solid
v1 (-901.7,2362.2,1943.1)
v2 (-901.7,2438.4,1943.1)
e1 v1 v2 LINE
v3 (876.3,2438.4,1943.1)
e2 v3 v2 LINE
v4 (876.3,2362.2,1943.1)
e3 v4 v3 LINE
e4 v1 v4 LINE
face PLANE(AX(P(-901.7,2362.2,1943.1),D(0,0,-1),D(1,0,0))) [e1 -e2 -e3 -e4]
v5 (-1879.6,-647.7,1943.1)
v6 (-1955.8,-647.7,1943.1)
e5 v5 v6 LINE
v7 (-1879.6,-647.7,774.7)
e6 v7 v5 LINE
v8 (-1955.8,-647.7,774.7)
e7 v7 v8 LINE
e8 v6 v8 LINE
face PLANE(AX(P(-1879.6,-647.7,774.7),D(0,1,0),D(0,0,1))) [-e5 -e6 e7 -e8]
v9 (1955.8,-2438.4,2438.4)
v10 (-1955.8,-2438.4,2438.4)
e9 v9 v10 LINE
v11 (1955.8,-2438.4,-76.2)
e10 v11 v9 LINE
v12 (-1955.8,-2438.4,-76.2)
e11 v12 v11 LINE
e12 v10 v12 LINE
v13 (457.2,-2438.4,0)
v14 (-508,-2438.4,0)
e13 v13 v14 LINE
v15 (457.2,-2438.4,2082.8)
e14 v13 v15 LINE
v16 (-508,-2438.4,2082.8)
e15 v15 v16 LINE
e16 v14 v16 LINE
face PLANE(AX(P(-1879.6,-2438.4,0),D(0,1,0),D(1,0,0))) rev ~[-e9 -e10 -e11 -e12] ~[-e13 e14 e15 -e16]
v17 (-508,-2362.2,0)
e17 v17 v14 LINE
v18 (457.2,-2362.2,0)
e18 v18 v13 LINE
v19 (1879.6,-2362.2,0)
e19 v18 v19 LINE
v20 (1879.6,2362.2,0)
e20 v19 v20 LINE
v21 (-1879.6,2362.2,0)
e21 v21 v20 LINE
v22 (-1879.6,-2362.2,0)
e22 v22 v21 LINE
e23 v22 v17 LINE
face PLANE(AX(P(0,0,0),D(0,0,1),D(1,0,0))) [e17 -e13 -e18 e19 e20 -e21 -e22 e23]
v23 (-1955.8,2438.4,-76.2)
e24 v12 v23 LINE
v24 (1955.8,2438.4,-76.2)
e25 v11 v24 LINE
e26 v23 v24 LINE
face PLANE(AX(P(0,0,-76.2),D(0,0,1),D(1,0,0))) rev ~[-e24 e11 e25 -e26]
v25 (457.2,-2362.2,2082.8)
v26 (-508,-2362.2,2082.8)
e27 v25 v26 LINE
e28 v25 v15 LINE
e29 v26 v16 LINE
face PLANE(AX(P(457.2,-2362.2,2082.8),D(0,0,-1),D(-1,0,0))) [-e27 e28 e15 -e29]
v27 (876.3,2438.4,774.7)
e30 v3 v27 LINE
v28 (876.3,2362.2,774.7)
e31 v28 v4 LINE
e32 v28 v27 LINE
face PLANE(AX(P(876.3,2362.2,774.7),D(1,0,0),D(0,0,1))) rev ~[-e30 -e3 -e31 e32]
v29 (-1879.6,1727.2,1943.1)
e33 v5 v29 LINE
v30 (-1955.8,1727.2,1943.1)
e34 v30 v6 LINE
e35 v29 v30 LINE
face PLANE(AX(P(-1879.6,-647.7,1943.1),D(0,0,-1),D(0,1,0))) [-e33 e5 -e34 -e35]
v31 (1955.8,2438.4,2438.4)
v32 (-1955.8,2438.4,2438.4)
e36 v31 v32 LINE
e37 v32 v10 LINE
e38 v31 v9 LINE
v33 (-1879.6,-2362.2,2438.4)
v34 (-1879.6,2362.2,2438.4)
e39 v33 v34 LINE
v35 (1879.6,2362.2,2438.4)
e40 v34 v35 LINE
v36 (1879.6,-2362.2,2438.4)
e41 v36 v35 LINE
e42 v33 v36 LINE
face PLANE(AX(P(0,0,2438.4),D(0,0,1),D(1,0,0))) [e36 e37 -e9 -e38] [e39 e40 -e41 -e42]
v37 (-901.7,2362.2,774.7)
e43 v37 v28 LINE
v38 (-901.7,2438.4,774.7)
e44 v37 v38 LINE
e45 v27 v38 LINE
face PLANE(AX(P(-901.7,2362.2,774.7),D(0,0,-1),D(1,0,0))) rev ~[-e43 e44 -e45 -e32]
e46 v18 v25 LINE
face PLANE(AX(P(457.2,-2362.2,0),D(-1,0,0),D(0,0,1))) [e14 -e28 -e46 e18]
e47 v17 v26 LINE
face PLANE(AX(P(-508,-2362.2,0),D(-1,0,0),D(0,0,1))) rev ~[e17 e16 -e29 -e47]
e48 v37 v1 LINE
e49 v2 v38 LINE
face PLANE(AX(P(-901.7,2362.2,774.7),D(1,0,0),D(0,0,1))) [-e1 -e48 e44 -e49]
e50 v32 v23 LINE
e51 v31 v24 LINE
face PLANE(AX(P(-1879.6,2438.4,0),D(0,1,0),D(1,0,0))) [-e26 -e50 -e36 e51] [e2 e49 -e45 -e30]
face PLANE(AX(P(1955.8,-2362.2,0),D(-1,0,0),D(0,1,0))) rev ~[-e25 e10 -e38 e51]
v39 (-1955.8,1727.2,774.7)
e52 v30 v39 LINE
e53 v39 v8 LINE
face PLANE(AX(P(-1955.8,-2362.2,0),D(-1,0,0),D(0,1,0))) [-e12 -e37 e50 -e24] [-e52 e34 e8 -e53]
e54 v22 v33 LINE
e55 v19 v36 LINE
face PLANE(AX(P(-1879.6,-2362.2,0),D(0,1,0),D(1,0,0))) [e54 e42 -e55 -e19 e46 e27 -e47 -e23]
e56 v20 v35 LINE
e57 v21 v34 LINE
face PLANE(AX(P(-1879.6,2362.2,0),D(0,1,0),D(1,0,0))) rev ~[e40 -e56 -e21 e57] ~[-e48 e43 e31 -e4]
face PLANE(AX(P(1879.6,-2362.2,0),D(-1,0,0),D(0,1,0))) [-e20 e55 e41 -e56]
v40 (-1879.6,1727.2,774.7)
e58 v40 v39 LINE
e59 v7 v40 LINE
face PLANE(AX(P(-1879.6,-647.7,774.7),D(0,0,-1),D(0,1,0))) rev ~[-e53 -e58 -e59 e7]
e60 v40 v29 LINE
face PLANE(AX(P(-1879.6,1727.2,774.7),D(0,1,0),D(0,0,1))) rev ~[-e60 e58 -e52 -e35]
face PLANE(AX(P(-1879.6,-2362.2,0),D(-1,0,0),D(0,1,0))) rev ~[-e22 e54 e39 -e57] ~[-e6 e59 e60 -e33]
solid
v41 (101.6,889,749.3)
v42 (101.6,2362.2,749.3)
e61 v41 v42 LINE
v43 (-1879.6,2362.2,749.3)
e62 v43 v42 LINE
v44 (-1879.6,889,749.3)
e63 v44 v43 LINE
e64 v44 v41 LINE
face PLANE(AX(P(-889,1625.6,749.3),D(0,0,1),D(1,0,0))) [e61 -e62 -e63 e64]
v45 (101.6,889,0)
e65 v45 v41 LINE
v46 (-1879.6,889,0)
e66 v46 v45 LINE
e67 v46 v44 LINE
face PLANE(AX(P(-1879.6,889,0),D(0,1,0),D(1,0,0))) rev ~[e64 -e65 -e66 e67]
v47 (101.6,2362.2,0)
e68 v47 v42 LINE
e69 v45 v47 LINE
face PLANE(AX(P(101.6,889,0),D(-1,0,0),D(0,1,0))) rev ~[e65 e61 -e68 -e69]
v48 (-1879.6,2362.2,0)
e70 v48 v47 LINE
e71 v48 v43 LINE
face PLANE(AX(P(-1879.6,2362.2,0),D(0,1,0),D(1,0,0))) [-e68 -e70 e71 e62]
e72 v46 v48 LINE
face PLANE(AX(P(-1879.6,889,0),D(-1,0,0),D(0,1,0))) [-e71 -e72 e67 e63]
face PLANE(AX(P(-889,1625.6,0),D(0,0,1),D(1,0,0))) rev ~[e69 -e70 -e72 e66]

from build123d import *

# Parameters (mm, degrees)
F0_W      = 3759.2
F0_H      = 4724.4
F1_DEPTH  = 2438.4
F2_T      = 76.2
F3_W      = 965.2
F3_H      = 2082.8
F4_DEPTH  = 76.201
F5_W      = 2374.9
F5_H      = 1168.4
F6_DEPTH  = 76.201
F7_W      = 1778
F7_H      = 1168.4
F8_DEPTH  = 76.201
F9_W      = 1981.2
F9_H      = 1473.2
F10_DEPTH = 749.3


with BuildPart() as f1:
    # F0 (on Top) → F1 (new body)
    with BuildSketch(Plane.XY):
        Rectangle(F0_W, F0_H)
    extrude(amount=F1_DEPTH)

    # F2
    f2_openings = [f1.faces().sort_by_distance(p)[0] for p in [
        (0, 0, 2438.4),
    ]]
    offset(amount=F2_T, openings=f2_openings, kind=Kind.INTERSECTION)

    # F3 (on face) → F4 (cut, through all)
    with BuildSketch(Plane(origin=(0, -2362.2, 0), x_dir=(-1, 0, 0), z_dir=(0, 1, 0))):
        with Locations((25.4, 1041.4)):
            Rectangle(F3_W, F3_H)
    extrude(amount=-F4_DEPTH, mode=Mode.SUBTRACT)

    # F5 (on face) → F6 (cut, through all)
    with BuildSketch(Plane.YZ.offset(-1879.6)):
        with Locations((539.75, 1358.9)):
            Rectangle(F5_W, F5_H)
    extrude(amount=-F6_DEPTH, mode=Mode.SUBTRACT)

    # F7 (on face) → F8 (cut, through all)
    with BuildSketch(Plane.XZ.offset(-2362.2)):
        with Locations((-12.7, 1358.9)):
            Rectangle(F7_W, F7_H)
    extrude(amount=-F8_DEPTH, mode=Mode.SUBTRACT)


with BuildPart() as f10:
    # F9 (on face) → F10 (new body)
    with BuildSketch(Plane.XY):
        with Locations((-889, 1625.6)):
            Rectangle(F9_W, F9_H)
    extrude(amount=F10_DEPTH)


solid = Compound([f1.part, f10.part])
